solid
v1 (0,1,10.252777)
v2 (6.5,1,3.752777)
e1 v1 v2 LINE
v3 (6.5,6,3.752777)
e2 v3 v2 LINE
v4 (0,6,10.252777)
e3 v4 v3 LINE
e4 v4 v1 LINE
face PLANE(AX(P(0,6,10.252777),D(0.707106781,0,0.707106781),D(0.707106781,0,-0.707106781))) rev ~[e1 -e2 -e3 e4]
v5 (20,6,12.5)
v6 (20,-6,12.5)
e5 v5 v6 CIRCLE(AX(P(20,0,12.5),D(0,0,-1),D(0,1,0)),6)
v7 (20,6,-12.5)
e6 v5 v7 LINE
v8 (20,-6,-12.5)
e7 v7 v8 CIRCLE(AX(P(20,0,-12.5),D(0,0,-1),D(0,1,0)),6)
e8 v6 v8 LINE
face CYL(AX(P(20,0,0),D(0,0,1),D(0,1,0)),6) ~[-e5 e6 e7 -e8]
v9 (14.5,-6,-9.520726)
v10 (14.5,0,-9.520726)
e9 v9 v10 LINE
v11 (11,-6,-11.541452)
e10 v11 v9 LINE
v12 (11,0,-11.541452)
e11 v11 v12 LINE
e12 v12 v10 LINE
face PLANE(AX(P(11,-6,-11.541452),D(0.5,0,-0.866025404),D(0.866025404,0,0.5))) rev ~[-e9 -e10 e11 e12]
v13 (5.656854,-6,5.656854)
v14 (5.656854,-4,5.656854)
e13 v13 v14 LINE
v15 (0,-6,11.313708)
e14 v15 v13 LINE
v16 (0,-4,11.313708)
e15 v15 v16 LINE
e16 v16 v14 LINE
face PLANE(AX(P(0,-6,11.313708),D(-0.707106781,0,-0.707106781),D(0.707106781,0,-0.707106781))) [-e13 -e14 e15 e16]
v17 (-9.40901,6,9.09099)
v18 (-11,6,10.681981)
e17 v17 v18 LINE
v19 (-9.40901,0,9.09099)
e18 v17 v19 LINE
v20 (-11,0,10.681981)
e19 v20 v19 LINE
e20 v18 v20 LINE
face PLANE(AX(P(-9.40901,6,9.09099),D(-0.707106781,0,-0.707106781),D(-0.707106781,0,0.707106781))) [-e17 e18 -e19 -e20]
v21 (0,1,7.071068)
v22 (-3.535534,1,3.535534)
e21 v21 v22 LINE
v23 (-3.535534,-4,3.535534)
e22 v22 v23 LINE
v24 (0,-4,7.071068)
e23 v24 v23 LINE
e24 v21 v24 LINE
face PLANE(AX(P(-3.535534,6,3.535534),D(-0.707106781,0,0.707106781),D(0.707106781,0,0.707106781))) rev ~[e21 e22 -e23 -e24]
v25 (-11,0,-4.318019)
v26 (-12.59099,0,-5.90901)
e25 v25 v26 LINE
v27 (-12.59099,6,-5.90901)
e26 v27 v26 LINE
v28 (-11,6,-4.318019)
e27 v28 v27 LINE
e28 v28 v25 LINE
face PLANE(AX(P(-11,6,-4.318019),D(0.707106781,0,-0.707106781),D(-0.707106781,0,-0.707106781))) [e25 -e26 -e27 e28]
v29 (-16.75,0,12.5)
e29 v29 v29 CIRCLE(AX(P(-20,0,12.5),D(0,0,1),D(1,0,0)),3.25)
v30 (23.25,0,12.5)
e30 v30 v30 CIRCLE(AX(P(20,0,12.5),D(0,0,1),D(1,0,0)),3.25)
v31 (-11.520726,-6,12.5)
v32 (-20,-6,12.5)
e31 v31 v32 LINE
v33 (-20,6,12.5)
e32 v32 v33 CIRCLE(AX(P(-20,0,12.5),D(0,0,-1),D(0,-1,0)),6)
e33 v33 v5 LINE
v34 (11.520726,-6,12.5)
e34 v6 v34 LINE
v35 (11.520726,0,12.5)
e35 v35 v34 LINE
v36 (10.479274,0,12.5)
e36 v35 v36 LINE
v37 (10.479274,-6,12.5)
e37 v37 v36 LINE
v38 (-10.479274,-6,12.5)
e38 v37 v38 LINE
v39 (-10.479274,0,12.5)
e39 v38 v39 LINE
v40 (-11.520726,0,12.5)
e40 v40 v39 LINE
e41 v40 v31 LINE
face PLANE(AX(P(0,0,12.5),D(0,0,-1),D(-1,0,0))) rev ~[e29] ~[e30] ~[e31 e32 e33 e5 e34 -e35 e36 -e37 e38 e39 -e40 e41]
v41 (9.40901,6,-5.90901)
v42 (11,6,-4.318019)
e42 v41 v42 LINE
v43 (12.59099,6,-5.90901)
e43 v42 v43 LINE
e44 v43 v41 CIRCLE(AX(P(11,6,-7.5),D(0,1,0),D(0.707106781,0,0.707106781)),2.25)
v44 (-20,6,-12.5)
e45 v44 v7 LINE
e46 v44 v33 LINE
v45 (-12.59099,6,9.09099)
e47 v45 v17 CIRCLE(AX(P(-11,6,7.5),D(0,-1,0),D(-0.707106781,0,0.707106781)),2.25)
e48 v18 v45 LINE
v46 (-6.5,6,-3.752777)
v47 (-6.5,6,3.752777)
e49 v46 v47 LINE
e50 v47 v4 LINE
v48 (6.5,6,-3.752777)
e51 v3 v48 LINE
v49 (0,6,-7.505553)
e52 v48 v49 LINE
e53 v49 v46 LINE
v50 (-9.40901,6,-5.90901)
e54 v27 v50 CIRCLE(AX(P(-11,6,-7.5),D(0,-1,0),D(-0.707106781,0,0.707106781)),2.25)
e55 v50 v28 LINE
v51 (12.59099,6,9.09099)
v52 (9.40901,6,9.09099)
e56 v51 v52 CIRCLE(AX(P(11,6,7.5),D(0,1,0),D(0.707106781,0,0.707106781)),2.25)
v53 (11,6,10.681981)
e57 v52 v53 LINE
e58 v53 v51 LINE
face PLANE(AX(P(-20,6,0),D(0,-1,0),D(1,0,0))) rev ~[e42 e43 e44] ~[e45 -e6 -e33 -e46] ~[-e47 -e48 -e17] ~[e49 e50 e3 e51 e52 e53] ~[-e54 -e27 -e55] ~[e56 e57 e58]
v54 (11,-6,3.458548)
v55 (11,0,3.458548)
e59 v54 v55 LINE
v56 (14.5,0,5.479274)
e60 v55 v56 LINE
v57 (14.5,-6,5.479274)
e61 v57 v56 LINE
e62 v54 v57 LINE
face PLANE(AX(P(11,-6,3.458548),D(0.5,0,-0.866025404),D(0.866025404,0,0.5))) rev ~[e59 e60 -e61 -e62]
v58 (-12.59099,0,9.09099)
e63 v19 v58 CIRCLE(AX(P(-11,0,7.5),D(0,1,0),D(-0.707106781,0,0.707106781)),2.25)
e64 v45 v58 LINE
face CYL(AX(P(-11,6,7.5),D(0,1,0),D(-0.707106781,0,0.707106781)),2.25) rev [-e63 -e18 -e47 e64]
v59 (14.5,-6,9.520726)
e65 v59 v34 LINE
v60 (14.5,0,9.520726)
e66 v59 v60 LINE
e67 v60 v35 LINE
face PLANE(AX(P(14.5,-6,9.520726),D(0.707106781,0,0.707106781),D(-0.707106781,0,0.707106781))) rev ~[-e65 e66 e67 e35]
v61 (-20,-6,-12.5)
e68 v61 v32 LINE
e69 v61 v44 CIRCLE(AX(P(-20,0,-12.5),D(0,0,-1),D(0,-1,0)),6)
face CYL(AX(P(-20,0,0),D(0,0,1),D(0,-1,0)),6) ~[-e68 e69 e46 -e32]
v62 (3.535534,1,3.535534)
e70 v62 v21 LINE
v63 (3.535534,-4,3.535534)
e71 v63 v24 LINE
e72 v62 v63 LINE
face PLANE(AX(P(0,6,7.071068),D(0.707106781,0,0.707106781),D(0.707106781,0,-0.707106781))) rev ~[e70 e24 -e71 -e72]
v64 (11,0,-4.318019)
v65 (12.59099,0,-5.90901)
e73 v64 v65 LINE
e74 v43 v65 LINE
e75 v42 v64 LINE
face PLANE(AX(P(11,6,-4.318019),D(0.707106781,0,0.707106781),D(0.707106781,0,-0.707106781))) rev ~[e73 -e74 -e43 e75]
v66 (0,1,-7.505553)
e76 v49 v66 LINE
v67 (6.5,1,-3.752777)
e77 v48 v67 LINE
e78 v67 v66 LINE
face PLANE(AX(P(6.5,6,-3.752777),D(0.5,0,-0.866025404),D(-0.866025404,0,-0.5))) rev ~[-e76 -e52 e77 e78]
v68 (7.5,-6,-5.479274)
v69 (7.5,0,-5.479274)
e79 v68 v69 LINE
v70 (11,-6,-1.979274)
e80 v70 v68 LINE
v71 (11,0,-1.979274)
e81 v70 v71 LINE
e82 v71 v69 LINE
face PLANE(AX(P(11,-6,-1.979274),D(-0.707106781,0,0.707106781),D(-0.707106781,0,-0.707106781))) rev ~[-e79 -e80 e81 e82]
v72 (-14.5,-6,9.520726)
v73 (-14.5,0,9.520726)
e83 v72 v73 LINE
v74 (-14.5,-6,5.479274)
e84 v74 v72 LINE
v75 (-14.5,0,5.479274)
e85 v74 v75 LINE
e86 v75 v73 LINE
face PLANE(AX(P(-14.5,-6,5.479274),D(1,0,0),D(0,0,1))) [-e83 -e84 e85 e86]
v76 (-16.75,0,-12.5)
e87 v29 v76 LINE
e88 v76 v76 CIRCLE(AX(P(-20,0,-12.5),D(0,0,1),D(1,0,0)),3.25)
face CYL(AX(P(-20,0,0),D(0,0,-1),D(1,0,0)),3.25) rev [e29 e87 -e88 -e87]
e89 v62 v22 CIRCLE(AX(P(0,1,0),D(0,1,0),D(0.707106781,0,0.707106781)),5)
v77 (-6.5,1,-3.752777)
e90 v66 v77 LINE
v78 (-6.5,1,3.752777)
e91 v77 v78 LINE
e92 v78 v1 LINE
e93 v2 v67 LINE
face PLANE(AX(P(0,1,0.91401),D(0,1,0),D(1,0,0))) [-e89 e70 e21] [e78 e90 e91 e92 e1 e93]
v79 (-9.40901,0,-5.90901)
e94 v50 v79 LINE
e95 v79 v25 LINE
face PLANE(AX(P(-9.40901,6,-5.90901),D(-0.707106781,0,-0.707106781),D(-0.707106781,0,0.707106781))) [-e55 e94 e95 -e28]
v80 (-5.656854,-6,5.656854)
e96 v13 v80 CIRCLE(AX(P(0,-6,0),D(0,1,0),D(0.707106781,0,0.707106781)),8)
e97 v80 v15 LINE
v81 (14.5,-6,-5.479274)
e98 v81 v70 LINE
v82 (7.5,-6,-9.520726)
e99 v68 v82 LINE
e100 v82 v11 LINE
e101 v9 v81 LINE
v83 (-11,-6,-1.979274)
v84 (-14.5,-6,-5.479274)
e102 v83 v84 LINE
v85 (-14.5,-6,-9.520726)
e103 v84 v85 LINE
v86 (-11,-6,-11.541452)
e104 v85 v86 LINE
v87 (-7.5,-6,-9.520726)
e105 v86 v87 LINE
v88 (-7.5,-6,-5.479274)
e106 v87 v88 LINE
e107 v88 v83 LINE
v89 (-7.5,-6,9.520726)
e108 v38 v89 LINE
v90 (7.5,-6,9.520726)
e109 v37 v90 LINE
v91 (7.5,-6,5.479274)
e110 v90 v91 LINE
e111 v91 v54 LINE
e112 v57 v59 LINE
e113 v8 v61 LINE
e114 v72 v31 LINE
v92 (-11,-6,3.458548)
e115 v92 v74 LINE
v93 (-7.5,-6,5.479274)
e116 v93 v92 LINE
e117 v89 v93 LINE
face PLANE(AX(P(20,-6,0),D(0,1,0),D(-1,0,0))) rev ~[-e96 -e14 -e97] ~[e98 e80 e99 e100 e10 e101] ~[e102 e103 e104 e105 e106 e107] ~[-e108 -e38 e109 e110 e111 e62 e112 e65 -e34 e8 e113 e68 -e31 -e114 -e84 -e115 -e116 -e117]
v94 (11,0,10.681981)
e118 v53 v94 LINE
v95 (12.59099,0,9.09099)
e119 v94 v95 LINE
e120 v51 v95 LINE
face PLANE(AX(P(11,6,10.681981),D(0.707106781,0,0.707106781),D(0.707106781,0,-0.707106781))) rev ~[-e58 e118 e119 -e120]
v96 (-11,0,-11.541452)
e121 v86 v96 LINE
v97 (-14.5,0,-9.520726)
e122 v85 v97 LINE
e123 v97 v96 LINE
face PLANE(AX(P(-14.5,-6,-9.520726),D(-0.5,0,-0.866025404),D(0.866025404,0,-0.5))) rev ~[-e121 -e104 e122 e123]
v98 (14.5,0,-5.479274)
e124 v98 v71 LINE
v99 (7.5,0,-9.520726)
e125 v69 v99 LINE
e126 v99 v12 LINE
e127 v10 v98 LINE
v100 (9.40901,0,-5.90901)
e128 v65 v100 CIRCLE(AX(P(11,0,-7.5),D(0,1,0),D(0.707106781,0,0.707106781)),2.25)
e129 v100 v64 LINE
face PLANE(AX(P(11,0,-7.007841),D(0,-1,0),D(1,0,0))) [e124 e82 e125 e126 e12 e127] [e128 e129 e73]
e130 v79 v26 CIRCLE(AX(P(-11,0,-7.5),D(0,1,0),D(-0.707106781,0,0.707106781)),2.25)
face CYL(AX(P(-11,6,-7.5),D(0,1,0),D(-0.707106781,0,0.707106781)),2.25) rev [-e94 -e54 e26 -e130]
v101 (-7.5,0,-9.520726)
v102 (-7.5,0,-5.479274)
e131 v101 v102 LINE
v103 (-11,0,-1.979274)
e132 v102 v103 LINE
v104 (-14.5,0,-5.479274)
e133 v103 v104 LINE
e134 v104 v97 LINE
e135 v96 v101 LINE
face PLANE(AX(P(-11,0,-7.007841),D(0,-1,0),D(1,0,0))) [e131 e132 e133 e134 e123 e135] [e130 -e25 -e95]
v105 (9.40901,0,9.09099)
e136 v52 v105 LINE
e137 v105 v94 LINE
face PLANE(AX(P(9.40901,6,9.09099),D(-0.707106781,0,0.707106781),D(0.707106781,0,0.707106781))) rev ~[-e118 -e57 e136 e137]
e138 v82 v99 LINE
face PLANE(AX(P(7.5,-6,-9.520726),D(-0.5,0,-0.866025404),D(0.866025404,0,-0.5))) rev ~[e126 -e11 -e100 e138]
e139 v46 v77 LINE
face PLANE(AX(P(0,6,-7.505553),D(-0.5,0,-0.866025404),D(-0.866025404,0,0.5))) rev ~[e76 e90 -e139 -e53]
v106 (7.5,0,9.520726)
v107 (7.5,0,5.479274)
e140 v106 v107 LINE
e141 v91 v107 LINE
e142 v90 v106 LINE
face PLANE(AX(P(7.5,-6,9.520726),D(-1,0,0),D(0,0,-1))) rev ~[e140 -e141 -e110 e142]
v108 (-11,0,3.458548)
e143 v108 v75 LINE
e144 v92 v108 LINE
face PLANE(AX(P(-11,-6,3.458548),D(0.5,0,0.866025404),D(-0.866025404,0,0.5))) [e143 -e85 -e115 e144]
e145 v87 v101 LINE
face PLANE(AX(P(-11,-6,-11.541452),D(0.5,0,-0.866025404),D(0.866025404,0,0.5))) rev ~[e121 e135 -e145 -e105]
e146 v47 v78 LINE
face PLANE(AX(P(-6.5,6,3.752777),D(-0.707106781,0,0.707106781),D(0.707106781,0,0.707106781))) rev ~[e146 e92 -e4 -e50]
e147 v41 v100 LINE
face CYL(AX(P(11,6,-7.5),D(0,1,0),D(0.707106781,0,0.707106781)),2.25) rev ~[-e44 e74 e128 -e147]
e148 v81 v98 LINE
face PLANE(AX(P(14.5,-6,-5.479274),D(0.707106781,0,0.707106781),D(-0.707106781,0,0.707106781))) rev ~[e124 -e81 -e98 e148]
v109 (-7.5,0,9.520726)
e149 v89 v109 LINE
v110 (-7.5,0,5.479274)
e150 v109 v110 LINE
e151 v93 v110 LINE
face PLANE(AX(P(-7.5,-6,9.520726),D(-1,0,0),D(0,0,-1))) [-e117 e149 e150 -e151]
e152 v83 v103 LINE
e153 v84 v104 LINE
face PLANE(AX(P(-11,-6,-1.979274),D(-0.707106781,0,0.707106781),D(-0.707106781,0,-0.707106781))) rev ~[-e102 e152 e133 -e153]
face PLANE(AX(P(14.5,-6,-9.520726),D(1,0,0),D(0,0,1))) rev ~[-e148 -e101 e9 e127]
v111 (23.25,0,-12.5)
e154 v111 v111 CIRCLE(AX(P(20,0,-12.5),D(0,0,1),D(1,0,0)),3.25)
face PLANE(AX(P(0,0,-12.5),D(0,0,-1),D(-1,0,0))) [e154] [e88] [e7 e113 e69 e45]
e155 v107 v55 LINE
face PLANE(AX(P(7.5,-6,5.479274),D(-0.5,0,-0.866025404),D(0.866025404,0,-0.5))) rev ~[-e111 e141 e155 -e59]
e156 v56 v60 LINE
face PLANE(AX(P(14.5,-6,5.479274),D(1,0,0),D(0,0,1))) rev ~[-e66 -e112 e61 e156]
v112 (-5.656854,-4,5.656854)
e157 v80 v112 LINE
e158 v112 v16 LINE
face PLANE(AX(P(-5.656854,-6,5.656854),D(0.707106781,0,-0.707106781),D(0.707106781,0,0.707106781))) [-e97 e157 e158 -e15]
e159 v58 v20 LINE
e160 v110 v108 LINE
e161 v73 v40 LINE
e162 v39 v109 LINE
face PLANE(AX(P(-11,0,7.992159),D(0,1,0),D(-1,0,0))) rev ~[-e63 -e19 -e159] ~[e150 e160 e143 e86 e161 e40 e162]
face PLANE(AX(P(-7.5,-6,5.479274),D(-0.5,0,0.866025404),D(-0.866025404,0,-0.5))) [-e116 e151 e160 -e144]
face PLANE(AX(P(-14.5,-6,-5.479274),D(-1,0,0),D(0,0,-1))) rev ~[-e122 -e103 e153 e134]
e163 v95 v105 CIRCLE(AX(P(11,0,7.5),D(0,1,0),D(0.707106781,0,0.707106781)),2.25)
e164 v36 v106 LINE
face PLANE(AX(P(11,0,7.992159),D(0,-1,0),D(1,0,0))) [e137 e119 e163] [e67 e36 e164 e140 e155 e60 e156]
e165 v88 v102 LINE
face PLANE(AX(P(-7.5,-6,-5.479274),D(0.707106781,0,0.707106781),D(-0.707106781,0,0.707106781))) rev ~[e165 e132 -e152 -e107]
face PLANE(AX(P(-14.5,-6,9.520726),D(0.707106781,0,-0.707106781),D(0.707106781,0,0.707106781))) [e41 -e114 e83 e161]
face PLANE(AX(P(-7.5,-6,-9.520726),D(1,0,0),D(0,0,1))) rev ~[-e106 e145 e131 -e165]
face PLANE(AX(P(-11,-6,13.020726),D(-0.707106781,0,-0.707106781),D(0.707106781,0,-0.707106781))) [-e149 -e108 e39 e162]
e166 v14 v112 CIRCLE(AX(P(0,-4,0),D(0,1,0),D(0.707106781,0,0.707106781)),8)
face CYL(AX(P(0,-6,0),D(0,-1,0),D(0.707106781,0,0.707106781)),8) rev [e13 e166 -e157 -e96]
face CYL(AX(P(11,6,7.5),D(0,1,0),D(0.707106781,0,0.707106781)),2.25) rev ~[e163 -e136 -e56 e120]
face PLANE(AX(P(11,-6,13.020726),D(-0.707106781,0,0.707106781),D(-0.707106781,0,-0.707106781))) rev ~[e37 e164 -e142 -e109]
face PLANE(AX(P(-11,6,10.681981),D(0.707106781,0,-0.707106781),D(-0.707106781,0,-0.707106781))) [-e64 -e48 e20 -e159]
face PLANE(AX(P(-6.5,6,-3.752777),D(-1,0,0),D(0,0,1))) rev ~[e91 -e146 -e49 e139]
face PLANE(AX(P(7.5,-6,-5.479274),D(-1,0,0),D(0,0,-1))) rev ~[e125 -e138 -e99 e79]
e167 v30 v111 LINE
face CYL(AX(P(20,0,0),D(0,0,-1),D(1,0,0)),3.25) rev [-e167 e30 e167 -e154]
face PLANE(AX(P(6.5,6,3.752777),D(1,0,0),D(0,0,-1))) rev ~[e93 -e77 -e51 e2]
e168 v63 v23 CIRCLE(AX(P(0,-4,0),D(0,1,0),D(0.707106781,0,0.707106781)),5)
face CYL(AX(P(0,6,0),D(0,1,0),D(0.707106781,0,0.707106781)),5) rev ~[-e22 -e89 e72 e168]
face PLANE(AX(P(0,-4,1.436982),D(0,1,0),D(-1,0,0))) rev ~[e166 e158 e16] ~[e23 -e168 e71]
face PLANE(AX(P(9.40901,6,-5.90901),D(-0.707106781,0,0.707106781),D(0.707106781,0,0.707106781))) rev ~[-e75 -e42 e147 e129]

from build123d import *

# Parameters (mm, degrees)
SKETCH1_R           = 3.25
BOSS_EXTRUDE1_DEPTH = 12.5
CUT_EXTRUDE1_DEPTH  = 32.2449996
CUT_EXTRUDE2_DEPTH  = 5
CUT_EXTRUDE3_DEPTH  = 32.2449996
CUT_EXTRUDE4_DEPTH  = 2
CUT_EXTRUDE5_DEPTH  = 6


with BuildPart() as part:
    # Sketch1 → Boss-Extrude1 (new, symmetric)
    with BuildSketch(Plane.XY):
        with BuildLine():
            Line((-20, 6), (20, 6))
            ThreePointArc((20, 6), (26, 0), (20, -6))
            Line((20, -6), (-20, -6))
            ThreePointArc((-20, -6), (-26, 0), (-20, 6))
        make_face()
        with Locations((20, 0)):
            Circle(SKETCH1_R, mode=Mode.SUBTRACT)
        with Locations((-20, 0)):
            Circle(SKETCH1_R, mode=Mode.SUBTRACT)
    extrude(amount=BOSS_EXTRUDE1_DEPTH, both=True)

    # Sketch2 → Cut-Extrude1 (cut, through all)
    with BuildSketch(Plane(origin=(0, 6, 0), x_dir=(1, 0, 0), z_dir=(0, 1, 0))):
        with BuildLine():
            Line((-3.535533906, -3.535533906), (0, -7.071067812))
            Line((0, -7.071067812), (3.535533906, -3.535533906))
            ThreePointArc((3.535533906, -3.535533906), (0, 5), (-3.535533906, -3.535533906))
        make_face()
    extrude(amount=-CUT_EXTRUDE1_DEPTH, mode=Mode.SUBTRACT)

    # Sketch3 → Cut-Extrude2 (cut)
    with BuildSketch(Plane(origin=(0, 6, 0), x_dir=(1, 0, 0), z_dir=(0, 1, 0))):
        Polygon((-6.5, -3.75277675), (0, -10.25277675), (6.5, -3.75277675), (6.5, 3.75277675), (0, 7.505553499), (-6.5, 3.75277675), align=None)
    extrude(amount=-CUT_EXTRUDE2_DEPTH, mode=Mode.SUBTRACT)

    # Sketch4 → Cut-Extrude3 (cut, through all)
    with BuildSketch(Plane(origin=(0, 6, 0), x_dir=(1, 0, 0), z_dir=(0, 1, 0))):
        with BuildLine():
            Line((-9.409009742, 5.909009742), (-11, 4.318019485))
            Line((-11, 4.318019485), (-12.590990258, 5.909009742))
            ThreePointArc((-12.590990258, 5.909009742), (-11, 9.75), (-9.409009742, 5.909009742))
        make_face()
        with BuildLine():
            Line((11, 4.318019485), (12.590990258, 5.909009742))
            ThreePointArc((12.590990258, 5.909009742), (11, 9.75), (9.409009742, 5.909009742))
            Line((9.409009742, 5.909009742), (11, 4.318019485))
        make_face()
        with BuildLine():
            Line((-9.409009742, -9.090990258), (-11, -10.681980515))
            Line((-11, -10.681980515), (-12.590990258, -9.090990258))
            ThreePointArc((-12.590990258, -9.090990258), (-11, -5.25), (-9.409009742, -9.090990258))
        make_face()
        with BuildLine():
            Line((11, -10.681980515), (12.590990258, -9.090990258))
            ThreePointArc((12.590990258, -9.090990258), (11, -5.25), (9.409009742, -9.090990258))
            Line((9.409009742, -9.090990258), (11, -10.681980515))
        make_face()
    extrude(amount=-CUT_EXTRUDE3_DEPTH, mode=Mode.SUBTRACT)

    # Sketch5 → Cut-Extrude4 (cut)
    with BuildSketch(Plane.XZ.offset(6)):
        with BuildLine():
            Line((-5.656854249, 5.656854249), (0, 11.313708499))
            Line((0, 11.313708499), (5.656854249, 5.656854249))
            ThreePointArc((5.656854249, 5.656854249), (0, -8), (-5.656854249, 5.656854249))
        make_face()
    extrude(amount=-CUT_EXTRUDE4_DEPTH, mode=Mode.SUBTRACT)

    # Sketch6 → Cut-Extrude5 (cut)
    with BuildSketch(Plane.XZ.offset(6)):
        Polygon((-14.5, 9.520725942), (-11, 13.020725942), (-7.5, 9.520725942), (-7.5, 5.479274058), (-11, 3.458548116), (-14.5, 5.479274058), align=None)
        Polygon((7.5, -5.479274058), (7.5, -9.520725942), (11, -11.541451884), (14.5, -9.520725942), (14.5, -5.479274058), (11, -1.979274058), align=None)
        Polygon((7.5, 9.520725942), (7.5, 5.479274058), (11, 3.458548116), (14.5, 5.479274058), (14.5, 9.520725942), (11, 13.020725942), align=None)
        Polygon((-14.5, -5.479274058), (-14.5, -9.520725942), (-11, -11.541451884), (-7.5, -9.520725942), (-7.5, -5.479274058), (-11, -1.979274058), align=None)
    extrude(amount=-CUT_EXTRUDE5_DEPTH, mode=Mode.SUBTRACT)


solid = part.part
